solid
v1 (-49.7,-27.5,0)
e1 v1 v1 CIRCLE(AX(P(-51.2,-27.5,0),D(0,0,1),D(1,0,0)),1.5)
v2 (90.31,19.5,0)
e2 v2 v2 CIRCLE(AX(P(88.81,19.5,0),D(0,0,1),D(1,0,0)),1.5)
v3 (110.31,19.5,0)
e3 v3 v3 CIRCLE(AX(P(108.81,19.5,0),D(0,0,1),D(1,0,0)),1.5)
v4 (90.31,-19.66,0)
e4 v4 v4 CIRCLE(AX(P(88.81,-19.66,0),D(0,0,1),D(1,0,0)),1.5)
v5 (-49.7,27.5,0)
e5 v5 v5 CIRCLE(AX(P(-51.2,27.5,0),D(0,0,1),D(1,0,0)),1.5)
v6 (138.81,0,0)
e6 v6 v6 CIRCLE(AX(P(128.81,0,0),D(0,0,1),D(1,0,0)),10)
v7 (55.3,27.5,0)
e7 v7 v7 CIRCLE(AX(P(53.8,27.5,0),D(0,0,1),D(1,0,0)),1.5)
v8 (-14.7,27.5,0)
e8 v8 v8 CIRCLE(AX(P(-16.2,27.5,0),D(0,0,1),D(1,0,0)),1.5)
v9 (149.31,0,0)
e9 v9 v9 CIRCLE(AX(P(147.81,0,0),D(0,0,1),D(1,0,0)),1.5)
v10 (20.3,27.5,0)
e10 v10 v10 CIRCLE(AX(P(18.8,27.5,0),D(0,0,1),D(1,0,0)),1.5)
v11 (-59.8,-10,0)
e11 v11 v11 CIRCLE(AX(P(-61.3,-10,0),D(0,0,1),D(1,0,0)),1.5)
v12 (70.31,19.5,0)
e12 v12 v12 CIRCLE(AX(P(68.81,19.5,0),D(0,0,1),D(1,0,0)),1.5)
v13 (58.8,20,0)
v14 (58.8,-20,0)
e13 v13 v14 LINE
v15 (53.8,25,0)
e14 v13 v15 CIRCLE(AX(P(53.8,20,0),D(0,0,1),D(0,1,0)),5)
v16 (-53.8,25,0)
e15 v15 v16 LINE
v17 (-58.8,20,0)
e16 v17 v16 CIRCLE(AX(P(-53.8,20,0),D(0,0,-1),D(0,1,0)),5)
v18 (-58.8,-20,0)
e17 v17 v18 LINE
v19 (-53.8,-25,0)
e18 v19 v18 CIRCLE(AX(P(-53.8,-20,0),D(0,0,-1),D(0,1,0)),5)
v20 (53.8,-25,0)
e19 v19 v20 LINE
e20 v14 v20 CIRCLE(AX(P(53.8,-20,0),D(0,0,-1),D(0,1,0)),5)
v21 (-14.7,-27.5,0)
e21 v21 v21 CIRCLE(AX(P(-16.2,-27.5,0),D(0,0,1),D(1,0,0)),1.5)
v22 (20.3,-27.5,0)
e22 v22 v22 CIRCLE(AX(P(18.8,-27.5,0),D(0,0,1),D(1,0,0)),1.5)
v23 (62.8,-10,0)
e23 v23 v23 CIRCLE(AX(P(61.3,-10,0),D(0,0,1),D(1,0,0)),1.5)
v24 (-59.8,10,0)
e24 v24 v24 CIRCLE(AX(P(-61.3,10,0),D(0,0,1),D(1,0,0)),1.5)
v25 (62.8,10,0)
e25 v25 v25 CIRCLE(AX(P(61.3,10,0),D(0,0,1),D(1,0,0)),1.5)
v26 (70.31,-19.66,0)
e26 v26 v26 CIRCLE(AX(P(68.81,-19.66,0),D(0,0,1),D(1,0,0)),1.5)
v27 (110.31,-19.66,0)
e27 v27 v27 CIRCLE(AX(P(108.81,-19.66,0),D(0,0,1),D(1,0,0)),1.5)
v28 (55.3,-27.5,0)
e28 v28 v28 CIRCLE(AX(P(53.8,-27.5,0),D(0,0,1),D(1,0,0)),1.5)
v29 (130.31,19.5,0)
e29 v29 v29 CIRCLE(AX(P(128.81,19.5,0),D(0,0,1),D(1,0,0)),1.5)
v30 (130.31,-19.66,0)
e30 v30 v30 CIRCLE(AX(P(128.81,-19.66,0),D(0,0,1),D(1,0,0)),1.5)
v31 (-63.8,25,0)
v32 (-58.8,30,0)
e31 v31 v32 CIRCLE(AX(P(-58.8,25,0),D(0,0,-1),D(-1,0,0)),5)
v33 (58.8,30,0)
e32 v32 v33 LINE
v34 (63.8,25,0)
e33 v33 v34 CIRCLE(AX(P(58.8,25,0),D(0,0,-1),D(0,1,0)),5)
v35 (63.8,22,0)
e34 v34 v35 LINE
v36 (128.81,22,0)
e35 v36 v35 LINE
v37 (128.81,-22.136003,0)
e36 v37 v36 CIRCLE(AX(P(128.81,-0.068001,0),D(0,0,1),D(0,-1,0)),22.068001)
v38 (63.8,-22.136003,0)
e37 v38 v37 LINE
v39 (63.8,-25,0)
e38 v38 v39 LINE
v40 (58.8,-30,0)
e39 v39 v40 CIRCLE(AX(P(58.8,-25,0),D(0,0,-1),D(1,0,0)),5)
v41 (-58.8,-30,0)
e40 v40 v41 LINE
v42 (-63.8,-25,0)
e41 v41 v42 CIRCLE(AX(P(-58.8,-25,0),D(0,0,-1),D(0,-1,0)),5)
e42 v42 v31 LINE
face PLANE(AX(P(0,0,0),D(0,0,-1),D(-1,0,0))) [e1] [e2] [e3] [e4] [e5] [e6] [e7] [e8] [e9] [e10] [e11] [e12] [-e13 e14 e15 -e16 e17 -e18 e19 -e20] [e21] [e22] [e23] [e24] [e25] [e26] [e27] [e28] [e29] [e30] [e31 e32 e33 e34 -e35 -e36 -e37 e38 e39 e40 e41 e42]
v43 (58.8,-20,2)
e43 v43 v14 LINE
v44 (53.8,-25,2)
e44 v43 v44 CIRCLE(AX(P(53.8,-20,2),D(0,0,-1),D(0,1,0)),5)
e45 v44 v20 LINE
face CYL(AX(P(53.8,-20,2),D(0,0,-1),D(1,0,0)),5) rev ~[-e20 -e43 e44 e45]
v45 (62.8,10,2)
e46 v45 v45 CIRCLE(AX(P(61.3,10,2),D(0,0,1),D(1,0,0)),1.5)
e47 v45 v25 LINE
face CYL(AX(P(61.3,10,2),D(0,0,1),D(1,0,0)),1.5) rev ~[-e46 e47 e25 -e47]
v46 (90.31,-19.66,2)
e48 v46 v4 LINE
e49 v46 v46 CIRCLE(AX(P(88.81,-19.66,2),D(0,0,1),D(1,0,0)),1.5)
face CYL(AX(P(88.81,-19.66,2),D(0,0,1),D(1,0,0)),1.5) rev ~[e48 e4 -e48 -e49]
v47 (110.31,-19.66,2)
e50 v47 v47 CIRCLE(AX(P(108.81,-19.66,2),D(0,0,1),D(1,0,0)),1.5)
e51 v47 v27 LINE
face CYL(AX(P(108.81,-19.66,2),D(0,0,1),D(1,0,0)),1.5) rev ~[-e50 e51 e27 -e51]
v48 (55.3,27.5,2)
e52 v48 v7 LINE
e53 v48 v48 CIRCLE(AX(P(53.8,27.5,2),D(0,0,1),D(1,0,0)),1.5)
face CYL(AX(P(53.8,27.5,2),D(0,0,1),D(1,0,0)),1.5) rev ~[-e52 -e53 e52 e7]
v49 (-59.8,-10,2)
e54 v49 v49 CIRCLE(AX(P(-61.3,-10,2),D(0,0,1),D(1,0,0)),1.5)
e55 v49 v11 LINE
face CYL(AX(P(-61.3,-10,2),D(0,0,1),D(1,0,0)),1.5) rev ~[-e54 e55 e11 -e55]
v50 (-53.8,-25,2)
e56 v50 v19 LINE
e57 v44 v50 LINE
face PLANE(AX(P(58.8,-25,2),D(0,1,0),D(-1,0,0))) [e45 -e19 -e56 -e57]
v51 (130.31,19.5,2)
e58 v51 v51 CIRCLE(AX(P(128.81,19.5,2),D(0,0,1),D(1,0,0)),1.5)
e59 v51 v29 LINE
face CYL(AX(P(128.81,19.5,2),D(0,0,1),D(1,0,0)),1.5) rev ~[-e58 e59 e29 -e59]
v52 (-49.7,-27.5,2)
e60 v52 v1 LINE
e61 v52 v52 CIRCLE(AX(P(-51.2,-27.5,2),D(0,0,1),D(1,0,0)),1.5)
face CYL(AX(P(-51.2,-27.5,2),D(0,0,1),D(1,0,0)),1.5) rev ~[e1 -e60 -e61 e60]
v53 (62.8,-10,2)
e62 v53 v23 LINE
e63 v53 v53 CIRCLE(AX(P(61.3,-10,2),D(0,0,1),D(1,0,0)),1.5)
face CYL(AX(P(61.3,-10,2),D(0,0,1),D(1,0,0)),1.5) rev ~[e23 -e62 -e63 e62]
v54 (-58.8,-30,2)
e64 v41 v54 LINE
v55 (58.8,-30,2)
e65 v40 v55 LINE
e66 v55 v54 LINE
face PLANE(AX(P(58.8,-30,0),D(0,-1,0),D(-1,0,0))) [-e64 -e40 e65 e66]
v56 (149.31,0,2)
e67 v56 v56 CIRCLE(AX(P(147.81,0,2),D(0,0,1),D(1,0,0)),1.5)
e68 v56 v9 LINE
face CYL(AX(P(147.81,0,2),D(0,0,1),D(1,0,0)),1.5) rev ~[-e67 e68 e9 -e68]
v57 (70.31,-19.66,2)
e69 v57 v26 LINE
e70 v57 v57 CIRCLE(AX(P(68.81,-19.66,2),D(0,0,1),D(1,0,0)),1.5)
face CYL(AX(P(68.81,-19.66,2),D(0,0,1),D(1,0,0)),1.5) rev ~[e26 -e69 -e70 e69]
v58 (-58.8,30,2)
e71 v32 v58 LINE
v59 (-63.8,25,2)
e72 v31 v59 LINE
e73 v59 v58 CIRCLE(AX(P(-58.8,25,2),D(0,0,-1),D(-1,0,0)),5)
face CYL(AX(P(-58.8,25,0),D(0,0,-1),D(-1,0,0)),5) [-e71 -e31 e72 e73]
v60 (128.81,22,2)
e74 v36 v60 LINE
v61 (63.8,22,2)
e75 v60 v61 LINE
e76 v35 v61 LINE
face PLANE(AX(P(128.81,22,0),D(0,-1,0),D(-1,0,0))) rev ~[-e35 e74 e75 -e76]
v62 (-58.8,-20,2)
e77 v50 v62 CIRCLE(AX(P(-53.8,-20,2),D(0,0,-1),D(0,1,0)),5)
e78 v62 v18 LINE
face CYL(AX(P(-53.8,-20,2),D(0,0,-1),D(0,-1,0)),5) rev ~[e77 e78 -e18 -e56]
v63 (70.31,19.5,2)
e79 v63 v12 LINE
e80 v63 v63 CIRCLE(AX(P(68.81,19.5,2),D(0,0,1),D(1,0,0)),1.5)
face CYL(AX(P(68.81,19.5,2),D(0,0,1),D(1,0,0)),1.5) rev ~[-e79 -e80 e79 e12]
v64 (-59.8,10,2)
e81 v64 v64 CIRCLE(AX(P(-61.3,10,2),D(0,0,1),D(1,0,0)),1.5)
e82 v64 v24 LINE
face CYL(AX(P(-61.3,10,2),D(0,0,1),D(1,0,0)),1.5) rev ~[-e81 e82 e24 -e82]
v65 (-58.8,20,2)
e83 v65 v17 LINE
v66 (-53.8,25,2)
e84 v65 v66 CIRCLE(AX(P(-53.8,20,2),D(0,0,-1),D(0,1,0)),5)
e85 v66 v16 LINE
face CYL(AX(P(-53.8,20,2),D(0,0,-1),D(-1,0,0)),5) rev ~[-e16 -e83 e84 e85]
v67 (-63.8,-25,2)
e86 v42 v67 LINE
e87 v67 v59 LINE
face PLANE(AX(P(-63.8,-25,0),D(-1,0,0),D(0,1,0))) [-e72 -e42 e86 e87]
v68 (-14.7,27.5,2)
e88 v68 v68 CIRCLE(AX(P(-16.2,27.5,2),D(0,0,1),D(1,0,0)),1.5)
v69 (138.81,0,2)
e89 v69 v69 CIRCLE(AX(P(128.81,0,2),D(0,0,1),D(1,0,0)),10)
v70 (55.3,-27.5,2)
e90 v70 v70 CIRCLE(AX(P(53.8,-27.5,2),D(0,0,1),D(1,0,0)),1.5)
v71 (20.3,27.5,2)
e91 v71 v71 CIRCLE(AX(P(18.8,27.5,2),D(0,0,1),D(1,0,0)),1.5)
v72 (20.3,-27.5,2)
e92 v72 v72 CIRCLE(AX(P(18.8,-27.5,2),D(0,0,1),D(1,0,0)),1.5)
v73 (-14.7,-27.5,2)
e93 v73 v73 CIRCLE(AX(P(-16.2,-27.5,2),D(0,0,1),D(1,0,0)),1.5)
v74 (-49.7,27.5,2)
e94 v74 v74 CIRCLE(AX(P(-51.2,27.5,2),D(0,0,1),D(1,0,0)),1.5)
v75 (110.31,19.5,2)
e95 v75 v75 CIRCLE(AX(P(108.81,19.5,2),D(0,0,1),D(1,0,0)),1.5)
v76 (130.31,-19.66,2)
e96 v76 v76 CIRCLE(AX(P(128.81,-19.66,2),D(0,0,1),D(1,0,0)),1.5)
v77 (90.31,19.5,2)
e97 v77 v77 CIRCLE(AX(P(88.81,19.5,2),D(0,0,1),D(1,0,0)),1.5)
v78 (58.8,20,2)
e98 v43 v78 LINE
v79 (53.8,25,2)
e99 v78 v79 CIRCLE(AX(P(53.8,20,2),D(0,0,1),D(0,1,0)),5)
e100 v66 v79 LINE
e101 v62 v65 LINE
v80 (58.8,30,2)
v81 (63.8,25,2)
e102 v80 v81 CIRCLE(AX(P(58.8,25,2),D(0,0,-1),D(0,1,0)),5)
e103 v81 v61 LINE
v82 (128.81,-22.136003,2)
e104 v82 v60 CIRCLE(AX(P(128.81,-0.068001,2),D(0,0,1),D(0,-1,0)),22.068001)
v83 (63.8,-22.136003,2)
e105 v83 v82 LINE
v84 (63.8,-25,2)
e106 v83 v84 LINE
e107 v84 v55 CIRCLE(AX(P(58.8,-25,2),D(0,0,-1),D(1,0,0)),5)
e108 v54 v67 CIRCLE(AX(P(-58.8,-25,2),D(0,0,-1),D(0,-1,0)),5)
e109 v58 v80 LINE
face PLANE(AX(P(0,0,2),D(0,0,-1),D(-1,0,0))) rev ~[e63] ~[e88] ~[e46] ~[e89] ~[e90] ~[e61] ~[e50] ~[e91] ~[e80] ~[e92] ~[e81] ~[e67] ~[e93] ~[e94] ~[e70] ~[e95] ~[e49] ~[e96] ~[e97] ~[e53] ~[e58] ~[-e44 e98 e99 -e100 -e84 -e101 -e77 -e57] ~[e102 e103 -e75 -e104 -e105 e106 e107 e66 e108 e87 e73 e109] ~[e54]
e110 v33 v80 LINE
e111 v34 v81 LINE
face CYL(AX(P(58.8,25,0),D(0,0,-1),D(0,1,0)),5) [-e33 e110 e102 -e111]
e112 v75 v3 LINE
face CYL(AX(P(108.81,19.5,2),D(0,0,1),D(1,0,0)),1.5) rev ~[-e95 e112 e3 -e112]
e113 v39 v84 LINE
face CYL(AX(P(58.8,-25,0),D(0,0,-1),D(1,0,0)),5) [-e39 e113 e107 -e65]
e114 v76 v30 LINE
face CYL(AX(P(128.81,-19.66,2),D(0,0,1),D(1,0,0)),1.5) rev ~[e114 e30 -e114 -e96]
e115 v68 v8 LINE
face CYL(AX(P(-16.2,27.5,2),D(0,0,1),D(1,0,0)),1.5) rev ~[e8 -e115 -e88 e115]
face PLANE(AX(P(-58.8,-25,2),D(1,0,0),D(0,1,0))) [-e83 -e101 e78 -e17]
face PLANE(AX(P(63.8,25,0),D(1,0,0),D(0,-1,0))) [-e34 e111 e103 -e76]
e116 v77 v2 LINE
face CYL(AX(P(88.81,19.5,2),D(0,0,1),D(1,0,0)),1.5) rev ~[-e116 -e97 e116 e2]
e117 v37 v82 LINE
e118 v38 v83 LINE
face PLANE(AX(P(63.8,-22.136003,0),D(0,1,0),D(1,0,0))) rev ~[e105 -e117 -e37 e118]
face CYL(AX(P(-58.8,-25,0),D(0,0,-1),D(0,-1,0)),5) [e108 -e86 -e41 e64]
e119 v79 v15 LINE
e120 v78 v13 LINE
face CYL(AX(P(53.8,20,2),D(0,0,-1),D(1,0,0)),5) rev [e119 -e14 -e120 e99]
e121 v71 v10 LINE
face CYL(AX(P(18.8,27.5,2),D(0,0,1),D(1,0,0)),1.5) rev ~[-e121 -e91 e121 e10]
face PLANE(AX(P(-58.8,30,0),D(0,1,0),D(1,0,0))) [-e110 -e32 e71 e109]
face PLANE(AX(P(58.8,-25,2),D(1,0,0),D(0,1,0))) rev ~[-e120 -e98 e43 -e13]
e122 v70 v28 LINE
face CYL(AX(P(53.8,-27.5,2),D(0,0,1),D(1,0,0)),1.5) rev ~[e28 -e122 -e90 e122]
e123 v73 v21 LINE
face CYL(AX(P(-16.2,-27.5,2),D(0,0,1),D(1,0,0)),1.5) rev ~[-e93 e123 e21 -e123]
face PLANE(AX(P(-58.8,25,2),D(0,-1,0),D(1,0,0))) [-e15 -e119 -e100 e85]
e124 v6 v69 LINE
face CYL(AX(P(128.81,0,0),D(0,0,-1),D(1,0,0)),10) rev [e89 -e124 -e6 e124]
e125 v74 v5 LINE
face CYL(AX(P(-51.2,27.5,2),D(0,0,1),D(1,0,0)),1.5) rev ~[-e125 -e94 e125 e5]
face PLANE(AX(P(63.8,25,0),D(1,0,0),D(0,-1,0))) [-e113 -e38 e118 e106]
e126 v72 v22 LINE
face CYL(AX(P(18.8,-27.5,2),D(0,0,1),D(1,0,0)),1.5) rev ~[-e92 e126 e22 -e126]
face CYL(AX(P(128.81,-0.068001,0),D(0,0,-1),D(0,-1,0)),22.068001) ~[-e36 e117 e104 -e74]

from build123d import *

# Parameters (mm, degrees)
SKETCH1_R           = 10
BOSS_EXTRUDE1_DEPTH = 2
CUT_EXTRUDE1_DEPTH  = 5
FILLET1_R           = 5
SKETCH3_R           = 1.5
CUT_EXTRUDE2_DEPTH  = 5
SKETCH4_R           = 1.5
CUT_EXTRUDE3_DEPTH  = 154.844633691


with BuildPart() as part:
    # Sketch1 → Boss-Extrude1 (new body)
    # profile 1 of 2: a face of its own
    with BuildSketch(Plane.XY):
        with BuildLine():
            Line((128.81, 22), (63.8, 22))
            Line((63.8, 22), (63.8, -22.13600286))
            Line((63.8, -22.13600286), (128.81, -22.13600286))
            ThreePointArc((128.81, -22.13600286), (150.87800143, -0.06800143), (128.81, 22))
        make_face()
        with Locations((128.81, 0)):
            Circle(SKETCH1_R, mode=Mode.SUBTRACT)
    # profile 2 of 2: a face of its own
    with BuildSketch(Plane.XY):
        with BuildLine():
            Line((-58.8, 30), (58.8, 30))
            ThreePointArc((58.8, 30), (62.335533906, 28.535533906), (63.8, 25))
            Line((63.8, 25), (63.8, -25))
            ThreePointArc((63.8, -25), (62.335533906, -28.535533906), (58.8, -30))
            Line((58.8, -30), (-58.8, -30))
            ThreePointArc((-58.8, -30), (-62.335533906, -28.535533906), (-63.8, -25))
            Line((-63.8, -25), (-63.8, 25))
            ThreePointArc((-63.8, 25), (-62.335533906, 28.535533906), (-58.8, 30))
        make_face()
    extrude(amount=BOSS_EXTRUDE1_DEPTH)

    # Sketch2 → Cut-Extrude1 (cut)
    with BuildSketch(Plane.XY.offset(2)):
        Polygon((58.8, 17), (58.8, -17.13600286), (58.8, -25), (-58.8, -25), (-58.8, 25), (58.8, 25), align=None)
    extrude(amount=-CUT_EXTRUDE1_DEPTH, mode=Mode.SUBTRACT)

    # Fillet1
    fillet1_edges = [part.edges().sort_by_distance(p)[0] for p in [
        (58.8, -25, 1),
        (-58.8, -25, 1),
        (-58.8, 25, 1),
        (58.8, 25, 1),
    ]]
    fillet(fillet1_edges, radius=FILLET1_R)

    # Sketch3 → Cut-Extrude2 (cut)
    with BuildSketch(Plane.XY.offset(2)):
        with Locations((-51.2, 27.5)):
            Circle(SKETCH3_R)
        with Locations((-16.2, 27.5)):
            Circle(SKETCH3_R)
        with Locations((18.8, 27.5)):
            Circle(SKETCH3_R)
        with Locations((53.8, 27.5)):
            Circle(SKETCH3_R)
        with Locations((61.3, 10)):
            Circle(SKETCH3_R)
        with Locations((61.3, -10)):
            Circle(SKETCH3_R)
        with Locations((53.8, -27.5)):
            Circle(SKETCH3_R)
        with Locations((18.8, -27.5)):
            Circle(SKETCH3_R)
        with Locations((-16.2, -27.5)):
            Circle(SKETCH3_R)
        with Locations((-51.2, -27.5)):
            Circle(SKETCH3_R)
        with Locations((-61.3, -10)):
            Circle(SKETCH3_R)
        with Locations((-61.3, 10)):
            Circle(SKETCH3_R)
    extrude(amount=-CUT_EXTRUDE2_DEPTH, mode=Mode.SUBTRACT)

    # Sketch4 → Cut-Extrude3 (cut, through all)
    with BuildSketch(Plane.XY.offset(2)):
        with Locations((68.81, 19.5)):
            Circle(SKETCH4_R)
        with Locations((88.81, 19.5)):
            Circle(SKETCH4_R)
        with Locations((108.81, 19.5)):
            Circle(SKETCH4_R)
        with Locations((128.81, 19.5)):
            Circle(SKETCH4_R)
        with Locations((88.81, -19.66)):
            Circle(SKETCH4_R)
        with Locations((108.81, -19.66)):
            Circle(SKETCH4_R)
        with Locations((128.81, -19.66)):
            Circle(SKETCH4_R)
        with Locations((68.81, -19.66)):
            Circle(SKETCH4_R)
        with Locations((147.81, 0)):
            Circle(SKETCH4_R)
    extrude(amount=-CUT_EXTRUDE3_DEPTH, mode=Mode.SUBTRACT)


solid = part.part
